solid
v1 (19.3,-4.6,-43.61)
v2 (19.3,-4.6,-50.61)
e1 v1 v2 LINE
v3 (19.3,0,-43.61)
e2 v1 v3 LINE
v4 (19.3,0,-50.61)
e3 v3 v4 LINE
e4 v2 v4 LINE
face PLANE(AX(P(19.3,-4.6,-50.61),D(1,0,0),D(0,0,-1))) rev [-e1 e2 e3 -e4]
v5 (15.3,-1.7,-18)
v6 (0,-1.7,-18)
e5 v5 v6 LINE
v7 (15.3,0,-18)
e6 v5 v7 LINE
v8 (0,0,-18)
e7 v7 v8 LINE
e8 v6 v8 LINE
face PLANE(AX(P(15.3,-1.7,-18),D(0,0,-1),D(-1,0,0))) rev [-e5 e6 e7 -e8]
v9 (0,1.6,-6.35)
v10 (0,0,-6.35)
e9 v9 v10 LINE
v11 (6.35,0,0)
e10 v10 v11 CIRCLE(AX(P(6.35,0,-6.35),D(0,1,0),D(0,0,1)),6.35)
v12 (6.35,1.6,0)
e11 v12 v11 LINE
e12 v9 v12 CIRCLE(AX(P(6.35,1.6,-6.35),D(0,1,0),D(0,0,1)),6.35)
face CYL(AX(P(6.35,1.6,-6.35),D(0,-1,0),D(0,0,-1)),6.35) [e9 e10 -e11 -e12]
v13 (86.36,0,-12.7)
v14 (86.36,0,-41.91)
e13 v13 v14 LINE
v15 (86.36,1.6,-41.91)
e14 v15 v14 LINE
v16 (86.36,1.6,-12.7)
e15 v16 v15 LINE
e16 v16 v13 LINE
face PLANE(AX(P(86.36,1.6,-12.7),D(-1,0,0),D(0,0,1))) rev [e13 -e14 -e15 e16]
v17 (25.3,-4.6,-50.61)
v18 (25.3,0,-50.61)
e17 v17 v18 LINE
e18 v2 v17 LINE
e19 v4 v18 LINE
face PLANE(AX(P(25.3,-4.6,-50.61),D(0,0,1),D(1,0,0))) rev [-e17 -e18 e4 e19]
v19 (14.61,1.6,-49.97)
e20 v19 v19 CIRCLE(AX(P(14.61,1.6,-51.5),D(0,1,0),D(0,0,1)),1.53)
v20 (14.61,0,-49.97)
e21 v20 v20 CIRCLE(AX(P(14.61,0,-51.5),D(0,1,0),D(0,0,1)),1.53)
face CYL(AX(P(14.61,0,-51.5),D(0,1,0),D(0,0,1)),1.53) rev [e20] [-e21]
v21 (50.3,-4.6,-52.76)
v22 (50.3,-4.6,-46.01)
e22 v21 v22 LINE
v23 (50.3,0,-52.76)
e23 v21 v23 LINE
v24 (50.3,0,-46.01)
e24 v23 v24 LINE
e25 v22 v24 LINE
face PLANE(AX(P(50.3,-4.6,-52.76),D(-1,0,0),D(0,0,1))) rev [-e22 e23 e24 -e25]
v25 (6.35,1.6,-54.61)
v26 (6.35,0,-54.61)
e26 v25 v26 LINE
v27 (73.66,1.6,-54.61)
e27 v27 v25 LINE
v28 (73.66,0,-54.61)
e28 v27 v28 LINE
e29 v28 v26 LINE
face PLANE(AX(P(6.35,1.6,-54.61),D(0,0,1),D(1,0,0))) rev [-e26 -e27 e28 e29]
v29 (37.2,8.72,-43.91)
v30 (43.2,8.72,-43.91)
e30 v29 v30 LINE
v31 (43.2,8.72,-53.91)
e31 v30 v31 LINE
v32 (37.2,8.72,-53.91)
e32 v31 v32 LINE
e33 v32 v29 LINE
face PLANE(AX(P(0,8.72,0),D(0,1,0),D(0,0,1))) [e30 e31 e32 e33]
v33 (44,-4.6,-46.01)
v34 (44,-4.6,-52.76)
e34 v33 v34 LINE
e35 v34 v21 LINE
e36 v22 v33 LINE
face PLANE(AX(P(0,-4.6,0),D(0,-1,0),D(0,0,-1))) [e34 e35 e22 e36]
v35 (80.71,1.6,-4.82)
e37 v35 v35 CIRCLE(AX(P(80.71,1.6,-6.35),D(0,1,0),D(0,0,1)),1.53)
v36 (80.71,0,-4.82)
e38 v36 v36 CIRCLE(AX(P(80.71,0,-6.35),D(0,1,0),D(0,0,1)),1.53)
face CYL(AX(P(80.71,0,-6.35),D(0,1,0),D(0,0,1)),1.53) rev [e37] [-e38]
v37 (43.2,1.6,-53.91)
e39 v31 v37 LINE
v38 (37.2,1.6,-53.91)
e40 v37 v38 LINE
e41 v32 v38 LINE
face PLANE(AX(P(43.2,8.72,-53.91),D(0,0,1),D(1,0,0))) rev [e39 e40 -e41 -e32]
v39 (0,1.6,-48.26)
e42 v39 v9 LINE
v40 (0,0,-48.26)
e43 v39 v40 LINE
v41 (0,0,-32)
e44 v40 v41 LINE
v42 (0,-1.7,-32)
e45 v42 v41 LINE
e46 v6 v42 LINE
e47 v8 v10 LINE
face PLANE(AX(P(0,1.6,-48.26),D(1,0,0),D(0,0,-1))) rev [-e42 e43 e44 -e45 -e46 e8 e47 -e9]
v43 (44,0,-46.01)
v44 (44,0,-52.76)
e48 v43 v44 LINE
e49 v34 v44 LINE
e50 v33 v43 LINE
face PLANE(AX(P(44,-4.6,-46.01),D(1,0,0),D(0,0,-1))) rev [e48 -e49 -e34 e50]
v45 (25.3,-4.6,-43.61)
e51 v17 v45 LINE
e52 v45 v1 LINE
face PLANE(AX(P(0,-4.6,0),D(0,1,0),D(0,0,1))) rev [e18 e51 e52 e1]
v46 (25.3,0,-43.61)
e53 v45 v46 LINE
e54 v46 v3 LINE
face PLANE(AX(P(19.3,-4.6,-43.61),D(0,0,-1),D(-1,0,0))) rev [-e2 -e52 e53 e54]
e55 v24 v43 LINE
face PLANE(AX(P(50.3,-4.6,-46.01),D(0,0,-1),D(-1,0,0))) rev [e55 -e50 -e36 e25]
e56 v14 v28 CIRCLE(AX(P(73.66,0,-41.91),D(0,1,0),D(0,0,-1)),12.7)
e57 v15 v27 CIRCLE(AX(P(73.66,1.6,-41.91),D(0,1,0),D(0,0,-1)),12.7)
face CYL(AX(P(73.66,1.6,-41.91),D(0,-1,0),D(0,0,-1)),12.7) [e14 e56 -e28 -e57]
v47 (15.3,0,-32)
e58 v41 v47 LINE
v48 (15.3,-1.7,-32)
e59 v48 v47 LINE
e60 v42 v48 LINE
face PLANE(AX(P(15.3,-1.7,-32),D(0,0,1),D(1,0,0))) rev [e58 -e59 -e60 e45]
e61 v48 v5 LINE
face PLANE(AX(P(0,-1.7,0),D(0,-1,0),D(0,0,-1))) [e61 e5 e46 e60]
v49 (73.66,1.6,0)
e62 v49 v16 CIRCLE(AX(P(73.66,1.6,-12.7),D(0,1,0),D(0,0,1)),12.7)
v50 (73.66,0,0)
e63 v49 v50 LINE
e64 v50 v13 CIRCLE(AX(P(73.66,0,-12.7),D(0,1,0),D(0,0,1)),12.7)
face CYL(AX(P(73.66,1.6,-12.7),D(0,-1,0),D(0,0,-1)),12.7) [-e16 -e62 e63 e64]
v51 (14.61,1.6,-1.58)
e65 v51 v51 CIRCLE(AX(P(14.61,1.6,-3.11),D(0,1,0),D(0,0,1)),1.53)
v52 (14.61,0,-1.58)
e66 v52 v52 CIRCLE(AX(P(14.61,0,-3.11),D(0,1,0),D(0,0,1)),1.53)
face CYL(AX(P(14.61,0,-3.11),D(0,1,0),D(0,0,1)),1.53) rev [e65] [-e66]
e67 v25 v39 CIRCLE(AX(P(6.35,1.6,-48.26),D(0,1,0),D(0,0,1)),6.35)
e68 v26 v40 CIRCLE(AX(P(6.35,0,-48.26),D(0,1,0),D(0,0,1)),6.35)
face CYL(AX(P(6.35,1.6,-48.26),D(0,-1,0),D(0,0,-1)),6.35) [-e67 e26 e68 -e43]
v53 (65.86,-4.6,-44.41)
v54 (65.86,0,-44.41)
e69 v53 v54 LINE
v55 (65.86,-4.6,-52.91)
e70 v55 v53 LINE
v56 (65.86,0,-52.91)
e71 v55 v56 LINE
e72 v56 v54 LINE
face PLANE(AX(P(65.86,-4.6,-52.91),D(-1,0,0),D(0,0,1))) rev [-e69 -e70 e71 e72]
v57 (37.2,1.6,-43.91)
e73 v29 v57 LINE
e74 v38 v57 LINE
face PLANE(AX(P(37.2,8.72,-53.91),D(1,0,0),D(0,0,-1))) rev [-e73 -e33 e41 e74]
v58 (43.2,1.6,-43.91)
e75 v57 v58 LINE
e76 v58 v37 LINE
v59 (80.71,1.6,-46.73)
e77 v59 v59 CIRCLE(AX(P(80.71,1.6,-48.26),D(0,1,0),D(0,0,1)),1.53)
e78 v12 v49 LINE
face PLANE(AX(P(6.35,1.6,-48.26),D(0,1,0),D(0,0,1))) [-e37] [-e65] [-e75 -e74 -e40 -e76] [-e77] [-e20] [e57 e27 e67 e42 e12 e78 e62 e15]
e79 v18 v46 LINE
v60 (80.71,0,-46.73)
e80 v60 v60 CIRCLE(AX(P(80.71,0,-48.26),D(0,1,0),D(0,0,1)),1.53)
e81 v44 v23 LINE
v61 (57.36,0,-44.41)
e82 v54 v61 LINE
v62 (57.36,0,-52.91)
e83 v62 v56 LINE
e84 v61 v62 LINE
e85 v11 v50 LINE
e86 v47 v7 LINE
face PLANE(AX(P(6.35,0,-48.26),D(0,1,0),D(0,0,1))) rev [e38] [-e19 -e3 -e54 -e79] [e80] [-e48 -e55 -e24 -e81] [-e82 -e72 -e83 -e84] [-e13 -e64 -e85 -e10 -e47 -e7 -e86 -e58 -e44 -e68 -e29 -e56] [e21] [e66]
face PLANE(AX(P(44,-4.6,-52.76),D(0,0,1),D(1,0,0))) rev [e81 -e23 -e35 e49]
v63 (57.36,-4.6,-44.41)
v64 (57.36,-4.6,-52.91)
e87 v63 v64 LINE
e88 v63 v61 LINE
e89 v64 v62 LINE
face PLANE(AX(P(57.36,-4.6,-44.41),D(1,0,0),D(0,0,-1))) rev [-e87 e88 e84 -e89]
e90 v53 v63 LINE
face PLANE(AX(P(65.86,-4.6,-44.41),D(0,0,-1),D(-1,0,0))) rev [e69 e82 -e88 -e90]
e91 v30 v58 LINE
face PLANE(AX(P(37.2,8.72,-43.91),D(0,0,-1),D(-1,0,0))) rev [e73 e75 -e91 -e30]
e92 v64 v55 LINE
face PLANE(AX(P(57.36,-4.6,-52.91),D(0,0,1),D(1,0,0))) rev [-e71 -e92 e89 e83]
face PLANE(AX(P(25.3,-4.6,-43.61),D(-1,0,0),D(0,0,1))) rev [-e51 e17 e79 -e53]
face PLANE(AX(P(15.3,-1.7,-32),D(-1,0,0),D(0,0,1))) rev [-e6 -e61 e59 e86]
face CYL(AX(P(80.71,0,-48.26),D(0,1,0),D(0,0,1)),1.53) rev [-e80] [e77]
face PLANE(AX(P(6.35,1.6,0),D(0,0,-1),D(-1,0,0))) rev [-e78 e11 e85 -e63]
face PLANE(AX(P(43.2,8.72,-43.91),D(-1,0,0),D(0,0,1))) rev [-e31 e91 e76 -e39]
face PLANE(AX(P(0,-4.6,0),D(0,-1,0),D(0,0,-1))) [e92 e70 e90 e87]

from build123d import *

# Parameters (mm, degrees)
BOSS_EXTRUDE1_DEPTH = 1.6
SKETCH3_R           = 1.53
CUT_EXTRUDE1_DEPTH  = 1.6
SKETCH4_W           = 6
SKETCH4_H           = 10
BOSS_EXTRUDE2_DEPTH = 7.12
SKETCH5_W           = 15.3
SKETCH5_H           = 14
BOSS_EXTRUDE3_DEPTH = 1.7
SKETCH6_W           = 6
SKETCH6_H           = 7
BOSS_EXTRUDE4_DEPTH = 4.6
SKETCH7_W           = 6.3
SKETCH7_H           = 6.75
BOSS_EXTRUDE5_DEPTH = 4.6
SKETCH8_W           = 8.5
SKETCH8_H           = 8.5
BOSS_EXTRUDE6_DEPTH = 4.6


with BuildPart() as part:
    # Sketch1 → Boss-Extrude1 (new body)
    with BuildSketch(Plane(origin=(0, 0, 0), x_dir=(1, 0, 0), z_dir=(0, 1, 0))):
        with BuildLine():
            Line((6.35, 54.61), (73.66, 54.61))
            ThreePointArc((73.66, 54.61), (82.640256121, 50.890256121), (86.36, 41.91))
            Line((86.36, 41.91), (86.36, 12.7))
            ThreePointArc((86.36, 12.7), (82.640256121, 3.719743879), (73.66, 0))
            Line((73.66, 0), (6.35, 0))
            ThreePointArc((6.35, 0), (1.859871939, 1.859871939), (0, 6.35))
            Line((0, 6.35), (0, 48.26))
            ThreePointArc((0, 48.26), (1.859871939, 52.750128061), (6.35, 54.61))
        make_face()
    extrude(amount=BOSS_EXTRUDE1_DEPTH)

    # Sketch3 → Cut-Extrude1 (cut)
    with BuildSketch(Plane(origin=(0, 1.6, 0), x_dir=(1, 0, 0), z_dir=(0, 1, 0))):
        with Locations(Location((80.71, 6.35, 0), (0, 0, 270))):
            Circle(SKETCH3_R)
        with Locations(Location((14.61, 3.11, 0), (0, 0, 270))):
            Circle(SKETCH3_R)
        with Locations(Location((14.61, 51.5, 0), (0, 0, 270))):
            Circle(SKETCH3_R)
        with Locations(Location((80.71, 48.26, 0), (0, 0, 270))):
            Circle(SKETCH3_R)
    extrude(amount=-CUT_EXTRUDE1_DEPTH, mode=Mode.SUBTRACT)

    # Sketch4 → Boss-Extrude2 (add)
    with BuildSketch(Plane(origin=(0, 1.6, 0), x_dir=(1, 0, 0), z_dir=(0, 1, 0))):
        with Locations((40.2, 48.91)):
            Rectangle(SKETCH4_W, SKETCH4_H)
    extrude(amount=BOSS_EXTRUDE2_DEPTH)

    # Sketch5 → Boss-Extrude3 (add)
    with BuildSketch(Plane.XZ):
        with Locations((7.65, -25)):
            Rectangle(SKETCH5_W, SKETCH5_H)
    extrude(amount=BOSS_EXTRUDE3_DEPTH)

    # Sketch6 → Boss-Extrude4 (add)
    with BuildSketch(Plane(origin=(0, 0, 0), x_dir=(-1, 0, 0), z_dir=(0, -1, 0))):
        with Locations((-22.3, 47.11)):
            Rectangle(SKETCH6_W, SKETCH6_H)
    extrude(amount=BOSS_EXTRUDE4_DEPTH)

    # Sketch7 → Boss-Extrude5 (add)
    with BuildSketch(Plane.XZ):
        with Locations((47.15, -49.385)):
            Rectangle(SKETCH7_W, SKETCH7_H)
    extrude(amount=BOSS_EXTRUDE5_DEPTH)

    # Sketch8 → Boss-Extrude6 (add)
    with BuildSketch(Plane.XZ):
        with Locations((61.61, -48.66)):
            Rectangle(SKETCH8_W, SKETCH8_H)
    extrude(amount=BOSS_EXTRUDE6_DEPTH)


solid = part.part
